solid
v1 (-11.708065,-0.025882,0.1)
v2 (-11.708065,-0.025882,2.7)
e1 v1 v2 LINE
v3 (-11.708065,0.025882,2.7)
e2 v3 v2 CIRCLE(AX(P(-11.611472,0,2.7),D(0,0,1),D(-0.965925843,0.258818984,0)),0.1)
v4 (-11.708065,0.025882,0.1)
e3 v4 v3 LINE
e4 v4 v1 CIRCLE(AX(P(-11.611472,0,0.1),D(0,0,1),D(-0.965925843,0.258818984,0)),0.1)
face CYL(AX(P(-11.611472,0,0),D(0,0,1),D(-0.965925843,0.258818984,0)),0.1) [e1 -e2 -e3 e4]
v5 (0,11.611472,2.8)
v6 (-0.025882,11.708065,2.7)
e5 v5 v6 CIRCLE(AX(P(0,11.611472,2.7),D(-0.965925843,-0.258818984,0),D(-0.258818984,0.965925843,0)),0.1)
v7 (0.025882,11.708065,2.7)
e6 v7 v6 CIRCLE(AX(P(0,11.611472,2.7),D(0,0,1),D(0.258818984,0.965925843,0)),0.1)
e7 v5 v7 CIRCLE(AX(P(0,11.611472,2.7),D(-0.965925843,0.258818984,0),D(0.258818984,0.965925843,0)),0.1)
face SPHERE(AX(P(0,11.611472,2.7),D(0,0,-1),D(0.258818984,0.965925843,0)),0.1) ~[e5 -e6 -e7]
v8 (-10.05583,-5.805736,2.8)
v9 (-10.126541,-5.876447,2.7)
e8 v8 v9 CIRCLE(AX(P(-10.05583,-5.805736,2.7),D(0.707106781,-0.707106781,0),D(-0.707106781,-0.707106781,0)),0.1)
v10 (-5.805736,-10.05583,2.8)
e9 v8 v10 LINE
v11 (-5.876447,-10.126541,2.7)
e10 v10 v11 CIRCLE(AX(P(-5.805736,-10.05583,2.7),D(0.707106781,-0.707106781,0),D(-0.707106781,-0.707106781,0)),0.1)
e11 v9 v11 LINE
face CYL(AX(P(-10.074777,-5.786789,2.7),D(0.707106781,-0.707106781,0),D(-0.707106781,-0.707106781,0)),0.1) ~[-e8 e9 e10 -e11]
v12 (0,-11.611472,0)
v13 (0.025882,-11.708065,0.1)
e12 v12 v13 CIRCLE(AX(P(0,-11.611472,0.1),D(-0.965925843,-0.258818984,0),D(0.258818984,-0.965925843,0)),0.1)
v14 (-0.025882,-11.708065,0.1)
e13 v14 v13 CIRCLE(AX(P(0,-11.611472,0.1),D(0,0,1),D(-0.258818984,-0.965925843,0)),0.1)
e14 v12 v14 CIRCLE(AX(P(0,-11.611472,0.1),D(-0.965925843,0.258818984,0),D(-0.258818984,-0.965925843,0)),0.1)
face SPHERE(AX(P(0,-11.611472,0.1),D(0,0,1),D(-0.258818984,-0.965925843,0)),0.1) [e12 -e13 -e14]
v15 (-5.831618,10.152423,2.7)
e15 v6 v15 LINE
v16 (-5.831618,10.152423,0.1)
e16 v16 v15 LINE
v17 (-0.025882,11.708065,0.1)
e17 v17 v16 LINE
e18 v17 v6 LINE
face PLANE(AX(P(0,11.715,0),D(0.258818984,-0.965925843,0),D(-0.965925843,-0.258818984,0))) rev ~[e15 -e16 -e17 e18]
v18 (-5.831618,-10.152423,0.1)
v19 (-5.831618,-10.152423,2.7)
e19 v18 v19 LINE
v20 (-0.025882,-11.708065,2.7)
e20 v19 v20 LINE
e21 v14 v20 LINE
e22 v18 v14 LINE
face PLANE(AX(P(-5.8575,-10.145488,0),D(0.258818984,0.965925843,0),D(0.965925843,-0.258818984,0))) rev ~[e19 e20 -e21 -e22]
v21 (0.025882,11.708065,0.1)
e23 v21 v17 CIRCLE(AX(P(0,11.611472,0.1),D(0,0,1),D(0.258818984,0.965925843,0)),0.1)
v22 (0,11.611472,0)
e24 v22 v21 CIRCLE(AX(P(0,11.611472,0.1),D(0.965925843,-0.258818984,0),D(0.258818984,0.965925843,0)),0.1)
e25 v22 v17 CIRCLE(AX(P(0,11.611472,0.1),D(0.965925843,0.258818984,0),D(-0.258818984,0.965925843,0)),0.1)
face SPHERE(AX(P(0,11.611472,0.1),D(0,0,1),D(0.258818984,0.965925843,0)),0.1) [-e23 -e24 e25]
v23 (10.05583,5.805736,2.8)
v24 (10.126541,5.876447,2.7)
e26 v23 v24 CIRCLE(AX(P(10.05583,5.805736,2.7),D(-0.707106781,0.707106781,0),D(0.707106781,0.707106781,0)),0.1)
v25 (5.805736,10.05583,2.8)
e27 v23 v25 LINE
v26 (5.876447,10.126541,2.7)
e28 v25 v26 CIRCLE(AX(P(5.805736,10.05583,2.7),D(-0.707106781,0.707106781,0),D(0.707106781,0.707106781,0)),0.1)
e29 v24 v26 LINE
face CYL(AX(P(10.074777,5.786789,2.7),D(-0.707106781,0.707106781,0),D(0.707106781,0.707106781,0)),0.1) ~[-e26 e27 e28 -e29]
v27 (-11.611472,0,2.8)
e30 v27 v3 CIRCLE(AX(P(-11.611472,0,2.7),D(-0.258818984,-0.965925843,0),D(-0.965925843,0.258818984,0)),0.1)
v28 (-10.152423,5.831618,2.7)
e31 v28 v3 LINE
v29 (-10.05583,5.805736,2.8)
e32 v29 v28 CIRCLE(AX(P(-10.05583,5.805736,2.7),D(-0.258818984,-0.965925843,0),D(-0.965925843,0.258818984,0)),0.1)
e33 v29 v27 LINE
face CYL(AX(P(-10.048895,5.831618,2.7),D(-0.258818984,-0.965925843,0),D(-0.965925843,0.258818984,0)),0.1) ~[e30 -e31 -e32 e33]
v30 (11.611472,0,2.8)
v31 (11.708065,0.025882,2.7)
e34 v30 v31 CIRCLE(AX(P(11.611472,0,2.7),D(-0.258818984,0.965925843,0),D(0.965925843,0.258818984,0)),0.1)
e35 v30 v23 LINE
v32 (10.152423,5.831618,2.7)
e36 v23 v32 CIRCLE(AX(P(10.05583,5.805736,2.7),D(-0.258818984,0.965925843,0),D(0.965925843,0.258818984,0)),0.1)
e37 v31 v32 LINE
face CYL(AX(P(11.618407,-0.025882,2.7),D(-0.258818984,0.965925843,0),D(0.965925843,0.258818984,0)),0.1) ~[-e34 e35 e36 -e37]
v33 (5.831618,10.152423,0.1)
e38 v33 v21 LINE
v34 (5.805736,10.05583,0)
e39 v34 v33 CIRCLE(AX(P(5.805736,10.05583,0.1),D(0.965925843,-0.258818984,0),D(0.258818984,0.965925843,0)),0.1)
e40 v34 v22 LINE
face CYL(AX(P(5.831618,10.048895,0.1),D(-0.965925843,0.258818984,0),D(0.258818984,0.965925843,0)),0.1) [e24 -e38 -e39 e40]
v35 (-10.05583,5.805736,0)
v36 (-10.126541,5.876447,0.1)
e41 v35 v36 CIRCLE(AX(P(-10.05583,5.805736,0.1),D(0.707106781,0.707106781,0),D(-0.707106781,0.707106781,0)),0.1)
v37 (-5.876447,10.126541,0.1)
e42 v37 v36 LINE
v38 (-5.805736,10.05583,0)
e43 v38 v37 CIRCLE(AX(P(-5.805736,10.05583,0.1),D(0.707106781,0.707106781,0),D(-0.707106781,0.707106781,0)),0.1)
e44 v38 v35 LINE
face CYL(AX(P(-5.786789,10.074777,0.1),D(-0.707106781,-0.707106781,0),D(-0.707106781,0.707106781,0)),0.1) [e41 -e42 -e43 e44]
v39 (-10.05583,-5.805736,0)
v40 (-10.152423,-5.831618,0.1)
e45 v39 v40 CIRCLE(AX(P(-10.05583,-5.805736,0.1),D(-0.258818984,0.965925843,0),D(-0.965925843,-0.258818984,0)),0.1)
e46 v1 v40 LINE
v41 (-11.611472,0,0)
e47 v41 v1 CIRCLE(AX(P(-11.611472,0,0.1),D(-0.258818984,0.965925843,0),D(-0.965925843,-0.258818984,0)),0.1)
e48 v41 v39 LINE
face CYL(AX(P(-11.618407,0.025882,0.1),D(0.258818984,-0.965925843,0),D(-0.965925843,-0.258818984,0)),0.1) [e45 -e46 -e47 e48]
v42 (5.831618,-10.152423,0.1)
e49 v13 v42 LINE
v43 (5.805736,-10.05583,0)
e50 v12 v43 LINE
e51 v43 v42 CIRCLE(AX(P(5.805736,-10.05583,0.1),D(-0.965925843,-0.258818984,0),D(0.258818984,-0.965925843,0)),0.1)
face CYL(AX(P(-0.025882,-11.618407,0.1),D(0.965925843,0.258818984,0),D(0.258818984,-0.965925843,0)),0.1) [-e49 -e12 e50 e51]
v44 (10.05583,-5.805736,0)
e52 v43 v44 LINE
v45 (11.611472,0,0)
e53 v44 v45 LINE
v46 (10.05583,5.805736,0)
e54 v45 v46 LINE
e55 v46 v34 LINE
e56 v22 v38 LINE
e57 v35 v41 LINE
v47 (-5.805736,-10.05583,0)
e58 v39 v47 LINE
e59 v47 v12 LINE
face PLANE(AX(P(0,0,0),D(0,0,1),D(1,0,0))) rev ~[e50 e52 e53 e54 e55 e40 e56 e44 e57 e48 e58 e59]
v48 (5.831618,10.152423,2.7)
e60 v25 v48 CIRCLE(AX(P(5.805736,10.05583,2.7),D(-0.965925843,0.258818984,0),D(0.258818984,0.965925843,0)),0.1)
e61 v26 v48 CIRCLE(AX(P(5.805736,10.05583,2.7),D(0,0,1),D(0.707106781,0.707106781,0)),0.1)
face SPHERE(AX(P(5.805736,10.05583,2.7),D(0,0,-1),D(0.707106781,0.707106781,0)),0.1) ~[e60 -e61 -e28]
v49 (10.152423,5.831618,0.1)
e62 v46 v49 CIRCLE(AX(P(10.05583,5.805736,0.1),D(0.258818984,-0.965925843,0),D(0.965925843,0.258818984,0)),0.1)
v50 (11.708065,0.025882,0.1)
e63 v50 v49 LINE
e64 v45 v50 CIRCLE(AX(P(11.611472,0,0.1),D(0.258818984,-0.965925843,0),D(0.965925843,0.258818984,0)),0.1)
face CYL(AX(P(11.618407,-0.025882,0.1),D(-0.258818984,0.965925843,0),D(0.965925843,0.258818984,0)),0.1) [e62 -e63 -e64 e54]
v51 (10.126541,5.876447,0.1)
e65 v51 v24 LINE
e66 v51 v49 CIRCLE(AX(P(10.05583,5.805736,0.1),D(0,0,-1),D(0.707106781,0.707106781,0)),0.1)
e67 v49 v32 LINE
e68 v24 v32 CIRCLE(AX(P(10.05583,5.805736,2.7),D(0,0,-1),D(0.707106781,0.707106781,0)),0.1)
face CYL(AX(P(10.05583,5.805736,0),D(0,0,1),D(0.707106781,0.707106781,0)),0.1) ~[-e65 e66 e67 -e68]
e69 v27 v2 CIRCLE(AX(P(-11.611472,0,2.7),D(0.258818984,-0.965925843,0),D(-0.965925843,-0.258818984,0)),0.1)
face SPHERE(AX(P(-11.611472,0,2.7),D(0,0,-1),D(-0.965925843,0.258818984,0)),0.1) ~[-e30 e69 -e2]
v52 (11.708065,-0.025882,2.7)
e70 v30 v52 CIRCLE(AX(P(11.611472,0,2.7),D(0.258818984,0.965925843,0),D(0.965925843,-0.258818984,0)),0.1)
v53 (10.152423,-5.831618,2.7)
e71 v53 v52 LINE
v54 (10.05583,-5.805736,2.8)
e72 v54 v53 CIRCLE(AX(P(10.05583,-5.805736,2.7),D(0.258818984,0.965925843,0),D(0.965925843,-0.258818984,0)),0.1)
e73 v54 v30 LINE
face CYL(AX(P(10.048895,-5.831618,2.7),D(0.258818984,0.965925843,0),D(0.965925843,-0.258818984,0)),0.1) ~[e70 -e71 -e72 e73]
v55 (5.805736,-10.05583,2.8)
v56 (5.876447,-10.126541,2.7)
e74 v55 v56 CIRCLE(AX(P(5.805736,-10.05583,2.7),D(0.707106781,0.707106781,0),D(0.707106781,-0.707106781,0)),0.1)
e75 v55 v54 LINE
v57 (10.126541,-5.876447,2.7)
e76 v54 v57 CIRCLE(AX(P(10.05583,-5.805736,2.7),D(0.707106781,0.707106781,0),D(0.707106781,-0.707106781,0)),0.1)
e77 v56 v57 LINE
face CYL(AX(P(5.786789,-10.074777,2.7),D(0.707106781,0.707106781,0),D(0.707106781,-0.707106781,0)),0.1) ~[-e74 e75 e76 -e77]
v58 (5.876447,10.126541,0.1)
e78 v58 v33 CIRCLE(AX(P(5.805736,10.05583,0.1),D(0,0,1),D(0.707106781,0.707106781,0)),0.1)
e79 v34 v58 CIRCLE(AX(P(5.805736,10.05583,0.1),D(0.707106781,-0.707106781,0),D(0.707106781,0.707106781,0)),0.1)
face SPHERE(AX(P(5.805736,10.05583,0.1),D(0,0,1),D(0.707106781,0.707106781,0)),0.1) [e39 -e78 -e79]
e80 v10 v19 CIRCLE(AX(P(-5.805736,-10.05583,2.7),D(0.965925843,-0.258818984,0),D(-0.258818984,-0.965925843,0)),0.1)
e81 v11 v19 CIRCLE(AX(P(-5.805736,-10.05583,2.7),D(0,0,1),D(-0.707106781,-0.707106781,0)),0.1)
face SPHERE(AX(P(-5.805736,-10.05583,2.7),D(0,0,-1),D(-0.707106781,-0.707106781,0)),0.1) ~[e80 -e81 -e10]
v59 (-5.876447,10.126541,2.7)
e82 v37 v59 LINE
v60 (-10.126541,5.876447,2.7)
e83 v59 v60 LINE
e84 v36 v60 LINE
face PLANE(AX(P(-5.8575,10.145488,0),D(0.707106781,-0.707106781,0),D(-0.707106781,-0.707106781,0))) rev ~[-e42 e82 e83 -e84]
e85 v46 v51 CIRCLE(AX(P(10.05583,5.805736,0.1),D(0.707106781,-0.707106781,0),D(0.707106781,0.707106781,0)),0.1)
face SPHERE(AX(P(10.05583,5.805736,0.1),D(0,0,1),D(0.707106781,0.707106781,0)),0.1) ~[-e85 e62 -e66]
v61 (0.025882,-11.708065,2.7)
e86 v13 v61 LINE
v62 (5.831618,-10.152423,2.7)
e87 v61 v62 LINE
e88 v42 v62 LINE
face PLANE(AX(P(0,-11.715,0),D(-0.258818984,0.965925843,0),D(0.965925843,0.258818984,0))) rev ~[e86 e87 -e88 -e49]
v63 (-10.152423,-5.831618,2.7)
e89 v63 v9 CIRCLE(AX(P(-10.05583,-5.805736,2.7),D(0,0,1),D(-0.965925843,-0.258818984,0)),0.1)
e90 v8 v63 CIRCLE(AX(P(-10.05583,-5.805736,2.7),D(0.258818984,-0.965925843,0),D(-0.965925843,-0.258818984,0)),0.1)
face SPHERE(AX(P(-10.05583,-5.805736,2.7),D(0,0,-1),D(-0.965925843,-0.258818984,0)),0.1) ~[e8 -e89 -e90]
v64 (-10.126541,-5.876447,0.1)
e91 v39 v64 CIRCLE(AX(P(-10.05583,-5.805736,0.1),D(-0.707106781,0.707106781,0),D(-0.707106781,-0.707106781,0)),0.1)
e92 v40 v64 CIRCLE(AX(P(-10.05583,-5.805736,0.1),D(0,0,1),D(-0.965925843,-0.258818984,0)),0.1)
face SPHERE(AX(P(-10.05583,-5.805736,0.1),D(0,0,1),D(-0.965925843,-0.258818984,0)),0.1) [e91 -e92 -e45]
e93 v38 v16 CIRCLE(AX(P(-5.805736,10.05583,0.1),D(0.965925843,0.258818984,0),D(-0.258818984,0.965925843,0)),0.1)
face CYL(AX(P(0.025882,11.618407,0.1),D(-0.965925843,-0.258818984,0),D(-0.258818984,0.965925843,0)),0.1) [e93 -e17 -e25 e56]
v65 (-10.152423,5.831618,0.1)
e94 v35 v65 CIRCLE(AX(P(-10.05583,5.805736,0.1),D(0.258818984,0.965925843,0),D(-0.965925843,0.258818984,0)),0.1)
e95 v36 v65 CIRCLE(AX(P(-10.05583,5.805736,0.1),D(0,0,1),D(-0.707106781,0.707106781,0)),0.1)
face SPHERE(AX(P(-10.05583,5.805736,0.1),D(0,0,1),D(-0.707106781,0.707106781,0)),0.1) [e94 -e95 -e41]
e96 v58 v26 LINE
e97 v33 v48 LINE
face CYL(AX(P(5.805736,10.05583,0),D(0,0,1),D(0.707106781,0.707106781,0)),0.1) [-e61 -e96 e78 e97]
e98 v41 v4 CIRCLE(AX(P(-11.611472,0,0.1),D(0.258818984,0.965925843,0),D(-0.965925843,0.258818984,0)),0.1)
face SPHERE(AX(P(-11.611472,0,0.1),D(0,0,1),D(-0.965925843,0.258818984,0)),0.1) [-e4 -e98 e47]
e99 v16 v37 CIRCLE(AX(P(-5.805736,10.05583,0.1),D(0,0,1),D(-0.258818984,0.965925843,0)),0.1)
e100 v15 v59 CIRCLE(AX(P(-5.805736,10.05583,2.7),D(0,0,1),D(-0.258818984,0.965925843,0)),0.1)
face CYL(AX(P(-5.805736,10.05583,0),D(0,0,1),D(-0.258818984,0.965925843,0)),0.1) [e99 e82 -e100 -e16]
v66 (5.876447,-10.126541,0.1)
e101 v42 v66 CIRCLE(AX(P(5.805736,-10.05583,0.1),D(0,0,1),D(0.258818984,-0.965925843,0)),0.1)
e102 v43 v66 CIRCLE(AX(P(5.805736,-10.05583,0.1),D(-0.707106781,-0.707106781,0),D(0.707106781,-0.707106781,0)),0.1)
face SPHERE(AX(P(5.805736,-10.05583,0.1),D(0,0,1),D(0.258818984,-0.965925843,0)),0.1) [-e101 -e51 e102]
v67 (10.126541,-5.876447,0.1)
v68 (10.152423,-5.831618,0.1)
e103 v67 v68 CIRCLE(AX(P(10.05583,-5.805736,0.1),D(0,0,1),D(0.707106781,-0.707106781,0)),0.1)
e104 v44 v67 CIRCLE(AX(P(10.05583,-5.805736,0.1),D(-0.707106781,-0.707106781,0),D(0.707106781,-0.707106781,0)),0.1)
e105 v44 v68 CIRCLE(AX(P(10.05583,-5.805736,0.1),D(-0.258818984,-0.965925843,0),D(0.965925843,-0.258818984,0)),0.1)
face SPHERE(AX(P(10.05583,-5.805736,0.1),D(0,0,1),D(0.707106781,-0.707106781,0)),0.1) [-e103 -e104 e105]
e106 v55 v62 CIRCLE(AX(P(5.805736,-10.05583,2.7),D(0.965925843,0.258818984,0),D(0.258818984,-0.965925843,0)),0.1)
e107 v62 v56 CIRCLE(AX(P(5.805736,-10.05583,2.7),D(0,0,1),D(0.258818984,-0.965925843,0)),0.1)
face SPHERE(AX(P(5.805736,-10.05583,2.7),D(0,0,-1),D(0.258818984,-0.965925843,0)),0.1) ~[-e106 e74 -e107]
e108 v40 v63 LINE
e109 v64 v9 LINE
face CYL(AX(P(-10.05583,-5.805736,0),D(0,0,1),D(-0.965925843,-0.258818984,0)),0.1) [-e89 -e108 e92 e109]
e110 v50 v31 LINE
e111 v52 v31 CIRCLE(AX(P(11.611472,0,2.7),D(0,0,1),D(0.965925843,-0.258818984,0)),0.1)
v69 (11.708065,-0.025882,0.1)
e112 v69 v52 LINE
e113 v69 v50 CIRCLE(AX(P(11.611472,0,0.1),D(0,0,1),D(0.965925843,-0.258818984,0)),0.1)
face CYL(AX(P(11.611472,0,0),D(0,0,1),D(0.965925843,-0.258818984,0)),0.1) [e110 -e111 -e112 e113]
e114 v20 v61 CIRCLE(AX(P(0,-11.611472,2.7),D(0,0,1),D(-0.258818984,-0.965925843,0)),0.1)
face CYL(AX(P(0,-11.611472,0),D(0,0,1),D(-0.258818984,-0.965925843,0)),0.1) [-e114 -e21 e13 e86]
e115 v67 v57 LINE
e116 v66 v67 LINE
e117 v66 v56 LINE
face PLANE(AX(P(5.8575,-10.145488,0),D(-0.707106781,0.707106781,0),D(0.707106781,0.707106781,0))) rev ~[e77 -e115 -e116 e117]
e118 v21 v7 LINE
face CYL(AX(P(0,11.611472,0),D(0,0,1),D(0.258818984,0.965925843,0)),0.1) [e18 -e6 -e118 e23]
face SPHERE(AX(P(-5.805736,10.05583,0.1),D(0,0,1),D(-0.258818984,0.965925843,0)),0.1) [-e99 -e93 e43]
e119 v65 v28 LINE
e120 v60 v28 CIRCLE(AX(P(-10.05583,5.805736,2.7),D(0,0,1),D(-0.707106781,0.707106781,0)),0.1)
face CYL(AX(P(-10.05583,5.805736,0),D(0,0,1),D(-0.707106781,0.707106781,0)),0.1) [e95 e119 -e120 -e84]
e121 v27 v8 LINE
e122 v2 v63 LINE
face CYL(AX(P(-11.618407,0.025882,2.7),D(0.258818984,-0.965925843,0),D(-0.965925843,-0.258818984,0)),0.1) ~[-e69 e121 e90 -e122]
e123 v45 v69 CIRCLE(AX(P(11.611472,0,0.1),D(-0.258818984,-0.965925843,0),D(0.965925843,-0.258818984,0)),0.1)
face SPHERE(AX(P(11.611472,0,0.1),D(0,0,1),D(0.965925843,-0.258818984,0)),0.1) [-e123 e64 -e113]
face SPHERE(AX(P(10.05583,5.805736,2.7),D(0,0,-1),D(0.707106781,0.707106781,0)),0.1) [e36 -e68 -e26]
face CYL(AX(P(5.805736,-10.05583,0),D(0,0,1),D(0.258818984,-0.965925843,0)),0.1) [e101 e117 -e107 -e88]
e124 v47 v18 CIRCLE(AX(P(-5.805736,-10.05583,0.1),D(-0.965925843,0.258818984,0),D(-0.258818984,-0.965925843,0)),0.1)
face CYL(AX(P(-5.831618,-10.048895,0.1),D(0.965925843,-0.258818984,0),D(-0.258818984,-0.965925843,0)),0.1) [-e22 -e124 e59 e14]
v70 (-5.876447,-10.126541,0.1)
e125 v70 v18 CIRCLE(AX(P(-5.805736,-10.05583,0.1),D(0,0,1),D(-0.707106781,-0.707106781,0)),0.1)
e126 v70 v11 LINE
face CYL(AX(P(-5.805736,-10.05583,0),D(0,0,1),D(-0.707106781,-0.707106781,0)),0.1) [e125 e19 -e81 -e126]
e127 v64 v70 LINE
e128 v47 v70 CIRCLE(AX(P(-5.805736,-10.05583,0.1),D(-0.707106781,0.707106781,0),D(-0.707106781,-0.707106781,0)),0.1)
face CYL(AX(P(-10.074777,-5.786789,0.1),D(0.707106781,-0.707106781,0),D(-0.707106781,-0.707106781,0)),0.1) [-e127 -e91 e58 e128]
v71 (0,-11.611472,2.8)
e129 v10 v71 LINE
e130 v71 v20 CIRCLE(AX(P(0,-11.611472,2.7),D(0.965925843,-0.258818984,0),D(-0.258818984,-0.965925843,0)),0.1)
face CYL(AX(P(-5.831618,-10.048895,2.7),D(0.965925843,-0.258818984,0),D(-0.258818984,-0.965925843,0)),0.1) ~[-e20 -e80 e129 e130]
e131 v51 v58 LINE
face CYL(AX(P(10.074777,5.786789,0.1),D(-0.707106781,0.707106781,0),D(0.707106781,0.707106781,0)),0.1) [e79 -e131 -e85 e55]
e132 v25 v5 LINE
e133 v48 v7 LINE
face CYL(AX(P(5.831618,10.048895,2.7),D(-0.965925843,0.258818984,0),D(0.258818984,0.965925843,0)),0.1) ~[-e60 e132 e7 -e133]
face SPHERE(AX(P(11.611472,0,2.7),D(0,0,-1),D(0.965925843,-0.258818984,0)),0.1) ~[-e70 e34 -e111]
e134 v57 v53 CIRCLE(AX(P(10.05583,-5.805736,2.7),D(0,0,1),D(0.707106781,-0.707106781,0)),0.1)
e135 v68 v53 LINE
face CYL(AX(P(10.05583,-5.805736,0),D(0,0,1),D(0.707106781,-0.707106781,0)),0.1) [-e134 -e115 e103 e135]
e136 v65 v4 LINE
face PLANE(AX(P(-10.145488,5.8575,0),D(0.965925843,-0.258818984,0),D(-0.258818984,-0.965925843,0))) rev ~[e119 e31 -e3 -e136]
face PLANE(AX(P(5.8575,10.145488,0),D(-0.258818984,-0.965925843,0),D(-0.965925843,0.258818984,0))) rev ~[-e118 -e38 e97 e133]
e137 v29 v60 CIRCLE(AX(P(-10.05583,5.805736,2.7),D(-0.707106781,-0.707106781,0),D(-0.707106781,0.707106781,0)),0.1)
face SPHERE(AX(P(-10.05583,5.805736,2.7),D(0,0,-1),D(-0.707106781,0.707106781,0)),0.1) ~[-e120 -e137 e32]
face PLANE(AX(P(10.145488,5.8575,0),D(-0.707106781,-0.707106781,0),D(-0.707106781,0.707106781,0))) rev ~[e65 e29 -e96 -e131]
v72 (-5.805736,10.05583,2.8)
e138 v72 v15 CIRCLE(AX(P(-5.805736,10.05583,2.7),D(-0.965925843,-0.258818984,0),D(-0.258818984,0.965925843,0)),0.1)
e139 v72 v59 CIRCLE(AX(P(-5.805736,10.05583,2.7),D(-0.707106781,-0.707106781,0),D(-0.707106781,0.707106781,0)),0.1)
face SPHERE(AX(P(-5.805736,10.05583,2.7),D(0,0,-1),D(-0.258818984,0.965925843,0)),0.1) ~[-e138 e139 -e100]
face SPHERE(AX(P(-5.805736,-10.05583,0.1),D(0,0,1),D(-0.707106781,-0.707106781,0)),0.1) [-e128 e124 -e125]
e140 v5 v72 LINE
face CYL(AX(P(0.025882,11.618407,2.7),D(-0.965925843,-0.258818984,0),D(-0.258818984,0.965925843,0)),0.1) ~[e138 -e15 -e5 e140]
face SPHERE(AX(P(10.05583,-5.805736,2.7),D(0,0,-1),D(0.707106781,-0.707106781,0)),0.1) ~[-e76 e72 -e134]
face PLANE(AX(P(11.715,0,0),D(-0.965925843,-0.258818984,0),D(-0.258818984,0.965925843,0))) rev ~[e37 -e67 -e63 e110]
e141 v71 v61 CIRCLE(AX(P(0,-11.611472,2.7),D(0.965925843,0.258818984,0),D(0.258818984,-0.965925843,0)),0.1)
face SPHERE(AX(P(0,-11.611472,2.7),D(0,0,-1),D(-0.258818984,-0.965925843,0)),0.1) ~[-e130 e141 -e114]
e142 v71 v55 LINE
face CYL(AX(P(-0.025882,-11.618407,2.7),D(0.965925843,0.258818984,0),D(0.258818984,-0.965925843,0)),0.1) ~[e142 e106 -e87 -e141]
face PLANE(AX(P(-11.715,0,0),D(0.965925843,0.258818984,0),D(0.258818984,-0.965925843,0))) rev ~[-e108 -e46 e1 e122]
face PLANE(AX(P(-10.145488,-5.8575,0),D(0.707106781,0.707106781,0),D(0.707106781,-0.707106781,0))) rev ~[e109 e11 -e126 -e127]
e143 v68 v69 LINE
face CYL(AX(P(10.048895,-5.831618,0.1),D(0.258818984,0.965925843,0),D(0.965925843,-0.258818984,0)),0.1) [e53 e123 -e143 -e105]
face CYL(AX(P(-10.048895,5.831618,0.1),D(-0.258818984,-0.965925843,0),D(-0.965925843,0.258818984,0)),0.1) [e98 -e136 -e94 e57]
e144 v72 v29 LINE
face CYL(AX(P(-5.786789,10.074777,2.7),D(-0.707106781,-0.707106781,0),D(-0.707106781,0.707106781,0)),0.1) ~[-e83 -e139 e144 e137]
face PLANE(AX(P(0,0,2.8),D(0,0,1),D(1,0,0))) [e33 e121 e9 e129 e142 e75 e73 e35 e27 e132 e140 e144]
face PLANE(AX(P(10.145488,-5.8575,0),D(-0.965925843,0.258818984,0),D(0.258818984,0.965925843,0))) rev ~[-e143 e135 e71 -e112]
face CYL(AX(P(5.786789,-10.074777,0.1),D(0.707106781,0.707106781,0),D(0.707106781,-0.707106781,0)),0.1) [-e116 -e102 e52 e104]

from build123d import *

# Parameters (mm, degrees)
F1_DEPTH = 2.8
F2_R     = 0.1


with BuildPart() as f1:
    # F0 (on Top) → F1 (new body)
    with BuildSketch(Plane.XY):
        Polygon((10.145488, 5.8575), (5.8575, 10.145488), (0, 11.715), (-5.8575, 10.145488), (-10.145488, 5.8575), (-11.715, 0), (-10.145488, -5.8575), (-5.8575, -10.145488), (0, -11.715), (5.8575, -10.145488), (10.145488, -5.8575), (11.715, 0), align=None)
    extrude(amount=F1_DEPTH)

    # F2
    f2_edges = [f1.edges().sort_by_distance(p)[0] for p in [
        (8.001494, 8.001494, 2.8),
        (2.92875, 10.930244, 2.8),
        (-2.92875, 10.930244, 2.8),
        (-8.001494, 8.001494, 2.8),
        (-10.930244, 2.92875, 2.8),
        (-10.930244, -2.92875, 2.8),
        (-8.001494, -8.001494, 2.8),
        (-2.92875, -10.930244, 2.8),
        (2.92875, -10.930244, 2.8),
        (8.001494, -8.001494, 2.8),
        (10.930244, -2.92875, 2.8),
        (10.930244, 2.92875, 2.8),
        (8.001494, 8.001494, 0),
        (2.92875, 10.930244, 0),
        (-2.92875, 10.930244, 0),
        (-8.001494, 8.001494, 0),
        (-10.930244, 2.92875, 0),
        (-10.930244, -2.92875, 0),
        (-8.001494, -8.001494, 0),
        (-2.92875, -10.930244, 0),
        (2.92875, -10.930244, 0),
        (8.001494, -8.001494, 0),
        (10.930244, -2.92875, 0),
        (10.930244, 2.92875, 0),
        (-10.145488, 5.8575, 1.4),
        (-11.715, 0, 1.4),
        (-10.145488, -5.8575, 1.4),
        (-5.8575, -10.145488, 1.4),
        (0, -11.715, 1.4),
        (5.8575, -10.145488, 1.4),
        (10.145488, -5.8575, 1.4),
        (11.715, 0, 1.4),
        (10.145488, 5.8575, 1.4),
        (5.8575, 10.145488, 1.4),
        (0, 11.715, 1.4),
        (-5.8575, 10.145488, 1.4),
    ]]
    fillet(f2_edges, radius=F2_R)


solid = f1.part
